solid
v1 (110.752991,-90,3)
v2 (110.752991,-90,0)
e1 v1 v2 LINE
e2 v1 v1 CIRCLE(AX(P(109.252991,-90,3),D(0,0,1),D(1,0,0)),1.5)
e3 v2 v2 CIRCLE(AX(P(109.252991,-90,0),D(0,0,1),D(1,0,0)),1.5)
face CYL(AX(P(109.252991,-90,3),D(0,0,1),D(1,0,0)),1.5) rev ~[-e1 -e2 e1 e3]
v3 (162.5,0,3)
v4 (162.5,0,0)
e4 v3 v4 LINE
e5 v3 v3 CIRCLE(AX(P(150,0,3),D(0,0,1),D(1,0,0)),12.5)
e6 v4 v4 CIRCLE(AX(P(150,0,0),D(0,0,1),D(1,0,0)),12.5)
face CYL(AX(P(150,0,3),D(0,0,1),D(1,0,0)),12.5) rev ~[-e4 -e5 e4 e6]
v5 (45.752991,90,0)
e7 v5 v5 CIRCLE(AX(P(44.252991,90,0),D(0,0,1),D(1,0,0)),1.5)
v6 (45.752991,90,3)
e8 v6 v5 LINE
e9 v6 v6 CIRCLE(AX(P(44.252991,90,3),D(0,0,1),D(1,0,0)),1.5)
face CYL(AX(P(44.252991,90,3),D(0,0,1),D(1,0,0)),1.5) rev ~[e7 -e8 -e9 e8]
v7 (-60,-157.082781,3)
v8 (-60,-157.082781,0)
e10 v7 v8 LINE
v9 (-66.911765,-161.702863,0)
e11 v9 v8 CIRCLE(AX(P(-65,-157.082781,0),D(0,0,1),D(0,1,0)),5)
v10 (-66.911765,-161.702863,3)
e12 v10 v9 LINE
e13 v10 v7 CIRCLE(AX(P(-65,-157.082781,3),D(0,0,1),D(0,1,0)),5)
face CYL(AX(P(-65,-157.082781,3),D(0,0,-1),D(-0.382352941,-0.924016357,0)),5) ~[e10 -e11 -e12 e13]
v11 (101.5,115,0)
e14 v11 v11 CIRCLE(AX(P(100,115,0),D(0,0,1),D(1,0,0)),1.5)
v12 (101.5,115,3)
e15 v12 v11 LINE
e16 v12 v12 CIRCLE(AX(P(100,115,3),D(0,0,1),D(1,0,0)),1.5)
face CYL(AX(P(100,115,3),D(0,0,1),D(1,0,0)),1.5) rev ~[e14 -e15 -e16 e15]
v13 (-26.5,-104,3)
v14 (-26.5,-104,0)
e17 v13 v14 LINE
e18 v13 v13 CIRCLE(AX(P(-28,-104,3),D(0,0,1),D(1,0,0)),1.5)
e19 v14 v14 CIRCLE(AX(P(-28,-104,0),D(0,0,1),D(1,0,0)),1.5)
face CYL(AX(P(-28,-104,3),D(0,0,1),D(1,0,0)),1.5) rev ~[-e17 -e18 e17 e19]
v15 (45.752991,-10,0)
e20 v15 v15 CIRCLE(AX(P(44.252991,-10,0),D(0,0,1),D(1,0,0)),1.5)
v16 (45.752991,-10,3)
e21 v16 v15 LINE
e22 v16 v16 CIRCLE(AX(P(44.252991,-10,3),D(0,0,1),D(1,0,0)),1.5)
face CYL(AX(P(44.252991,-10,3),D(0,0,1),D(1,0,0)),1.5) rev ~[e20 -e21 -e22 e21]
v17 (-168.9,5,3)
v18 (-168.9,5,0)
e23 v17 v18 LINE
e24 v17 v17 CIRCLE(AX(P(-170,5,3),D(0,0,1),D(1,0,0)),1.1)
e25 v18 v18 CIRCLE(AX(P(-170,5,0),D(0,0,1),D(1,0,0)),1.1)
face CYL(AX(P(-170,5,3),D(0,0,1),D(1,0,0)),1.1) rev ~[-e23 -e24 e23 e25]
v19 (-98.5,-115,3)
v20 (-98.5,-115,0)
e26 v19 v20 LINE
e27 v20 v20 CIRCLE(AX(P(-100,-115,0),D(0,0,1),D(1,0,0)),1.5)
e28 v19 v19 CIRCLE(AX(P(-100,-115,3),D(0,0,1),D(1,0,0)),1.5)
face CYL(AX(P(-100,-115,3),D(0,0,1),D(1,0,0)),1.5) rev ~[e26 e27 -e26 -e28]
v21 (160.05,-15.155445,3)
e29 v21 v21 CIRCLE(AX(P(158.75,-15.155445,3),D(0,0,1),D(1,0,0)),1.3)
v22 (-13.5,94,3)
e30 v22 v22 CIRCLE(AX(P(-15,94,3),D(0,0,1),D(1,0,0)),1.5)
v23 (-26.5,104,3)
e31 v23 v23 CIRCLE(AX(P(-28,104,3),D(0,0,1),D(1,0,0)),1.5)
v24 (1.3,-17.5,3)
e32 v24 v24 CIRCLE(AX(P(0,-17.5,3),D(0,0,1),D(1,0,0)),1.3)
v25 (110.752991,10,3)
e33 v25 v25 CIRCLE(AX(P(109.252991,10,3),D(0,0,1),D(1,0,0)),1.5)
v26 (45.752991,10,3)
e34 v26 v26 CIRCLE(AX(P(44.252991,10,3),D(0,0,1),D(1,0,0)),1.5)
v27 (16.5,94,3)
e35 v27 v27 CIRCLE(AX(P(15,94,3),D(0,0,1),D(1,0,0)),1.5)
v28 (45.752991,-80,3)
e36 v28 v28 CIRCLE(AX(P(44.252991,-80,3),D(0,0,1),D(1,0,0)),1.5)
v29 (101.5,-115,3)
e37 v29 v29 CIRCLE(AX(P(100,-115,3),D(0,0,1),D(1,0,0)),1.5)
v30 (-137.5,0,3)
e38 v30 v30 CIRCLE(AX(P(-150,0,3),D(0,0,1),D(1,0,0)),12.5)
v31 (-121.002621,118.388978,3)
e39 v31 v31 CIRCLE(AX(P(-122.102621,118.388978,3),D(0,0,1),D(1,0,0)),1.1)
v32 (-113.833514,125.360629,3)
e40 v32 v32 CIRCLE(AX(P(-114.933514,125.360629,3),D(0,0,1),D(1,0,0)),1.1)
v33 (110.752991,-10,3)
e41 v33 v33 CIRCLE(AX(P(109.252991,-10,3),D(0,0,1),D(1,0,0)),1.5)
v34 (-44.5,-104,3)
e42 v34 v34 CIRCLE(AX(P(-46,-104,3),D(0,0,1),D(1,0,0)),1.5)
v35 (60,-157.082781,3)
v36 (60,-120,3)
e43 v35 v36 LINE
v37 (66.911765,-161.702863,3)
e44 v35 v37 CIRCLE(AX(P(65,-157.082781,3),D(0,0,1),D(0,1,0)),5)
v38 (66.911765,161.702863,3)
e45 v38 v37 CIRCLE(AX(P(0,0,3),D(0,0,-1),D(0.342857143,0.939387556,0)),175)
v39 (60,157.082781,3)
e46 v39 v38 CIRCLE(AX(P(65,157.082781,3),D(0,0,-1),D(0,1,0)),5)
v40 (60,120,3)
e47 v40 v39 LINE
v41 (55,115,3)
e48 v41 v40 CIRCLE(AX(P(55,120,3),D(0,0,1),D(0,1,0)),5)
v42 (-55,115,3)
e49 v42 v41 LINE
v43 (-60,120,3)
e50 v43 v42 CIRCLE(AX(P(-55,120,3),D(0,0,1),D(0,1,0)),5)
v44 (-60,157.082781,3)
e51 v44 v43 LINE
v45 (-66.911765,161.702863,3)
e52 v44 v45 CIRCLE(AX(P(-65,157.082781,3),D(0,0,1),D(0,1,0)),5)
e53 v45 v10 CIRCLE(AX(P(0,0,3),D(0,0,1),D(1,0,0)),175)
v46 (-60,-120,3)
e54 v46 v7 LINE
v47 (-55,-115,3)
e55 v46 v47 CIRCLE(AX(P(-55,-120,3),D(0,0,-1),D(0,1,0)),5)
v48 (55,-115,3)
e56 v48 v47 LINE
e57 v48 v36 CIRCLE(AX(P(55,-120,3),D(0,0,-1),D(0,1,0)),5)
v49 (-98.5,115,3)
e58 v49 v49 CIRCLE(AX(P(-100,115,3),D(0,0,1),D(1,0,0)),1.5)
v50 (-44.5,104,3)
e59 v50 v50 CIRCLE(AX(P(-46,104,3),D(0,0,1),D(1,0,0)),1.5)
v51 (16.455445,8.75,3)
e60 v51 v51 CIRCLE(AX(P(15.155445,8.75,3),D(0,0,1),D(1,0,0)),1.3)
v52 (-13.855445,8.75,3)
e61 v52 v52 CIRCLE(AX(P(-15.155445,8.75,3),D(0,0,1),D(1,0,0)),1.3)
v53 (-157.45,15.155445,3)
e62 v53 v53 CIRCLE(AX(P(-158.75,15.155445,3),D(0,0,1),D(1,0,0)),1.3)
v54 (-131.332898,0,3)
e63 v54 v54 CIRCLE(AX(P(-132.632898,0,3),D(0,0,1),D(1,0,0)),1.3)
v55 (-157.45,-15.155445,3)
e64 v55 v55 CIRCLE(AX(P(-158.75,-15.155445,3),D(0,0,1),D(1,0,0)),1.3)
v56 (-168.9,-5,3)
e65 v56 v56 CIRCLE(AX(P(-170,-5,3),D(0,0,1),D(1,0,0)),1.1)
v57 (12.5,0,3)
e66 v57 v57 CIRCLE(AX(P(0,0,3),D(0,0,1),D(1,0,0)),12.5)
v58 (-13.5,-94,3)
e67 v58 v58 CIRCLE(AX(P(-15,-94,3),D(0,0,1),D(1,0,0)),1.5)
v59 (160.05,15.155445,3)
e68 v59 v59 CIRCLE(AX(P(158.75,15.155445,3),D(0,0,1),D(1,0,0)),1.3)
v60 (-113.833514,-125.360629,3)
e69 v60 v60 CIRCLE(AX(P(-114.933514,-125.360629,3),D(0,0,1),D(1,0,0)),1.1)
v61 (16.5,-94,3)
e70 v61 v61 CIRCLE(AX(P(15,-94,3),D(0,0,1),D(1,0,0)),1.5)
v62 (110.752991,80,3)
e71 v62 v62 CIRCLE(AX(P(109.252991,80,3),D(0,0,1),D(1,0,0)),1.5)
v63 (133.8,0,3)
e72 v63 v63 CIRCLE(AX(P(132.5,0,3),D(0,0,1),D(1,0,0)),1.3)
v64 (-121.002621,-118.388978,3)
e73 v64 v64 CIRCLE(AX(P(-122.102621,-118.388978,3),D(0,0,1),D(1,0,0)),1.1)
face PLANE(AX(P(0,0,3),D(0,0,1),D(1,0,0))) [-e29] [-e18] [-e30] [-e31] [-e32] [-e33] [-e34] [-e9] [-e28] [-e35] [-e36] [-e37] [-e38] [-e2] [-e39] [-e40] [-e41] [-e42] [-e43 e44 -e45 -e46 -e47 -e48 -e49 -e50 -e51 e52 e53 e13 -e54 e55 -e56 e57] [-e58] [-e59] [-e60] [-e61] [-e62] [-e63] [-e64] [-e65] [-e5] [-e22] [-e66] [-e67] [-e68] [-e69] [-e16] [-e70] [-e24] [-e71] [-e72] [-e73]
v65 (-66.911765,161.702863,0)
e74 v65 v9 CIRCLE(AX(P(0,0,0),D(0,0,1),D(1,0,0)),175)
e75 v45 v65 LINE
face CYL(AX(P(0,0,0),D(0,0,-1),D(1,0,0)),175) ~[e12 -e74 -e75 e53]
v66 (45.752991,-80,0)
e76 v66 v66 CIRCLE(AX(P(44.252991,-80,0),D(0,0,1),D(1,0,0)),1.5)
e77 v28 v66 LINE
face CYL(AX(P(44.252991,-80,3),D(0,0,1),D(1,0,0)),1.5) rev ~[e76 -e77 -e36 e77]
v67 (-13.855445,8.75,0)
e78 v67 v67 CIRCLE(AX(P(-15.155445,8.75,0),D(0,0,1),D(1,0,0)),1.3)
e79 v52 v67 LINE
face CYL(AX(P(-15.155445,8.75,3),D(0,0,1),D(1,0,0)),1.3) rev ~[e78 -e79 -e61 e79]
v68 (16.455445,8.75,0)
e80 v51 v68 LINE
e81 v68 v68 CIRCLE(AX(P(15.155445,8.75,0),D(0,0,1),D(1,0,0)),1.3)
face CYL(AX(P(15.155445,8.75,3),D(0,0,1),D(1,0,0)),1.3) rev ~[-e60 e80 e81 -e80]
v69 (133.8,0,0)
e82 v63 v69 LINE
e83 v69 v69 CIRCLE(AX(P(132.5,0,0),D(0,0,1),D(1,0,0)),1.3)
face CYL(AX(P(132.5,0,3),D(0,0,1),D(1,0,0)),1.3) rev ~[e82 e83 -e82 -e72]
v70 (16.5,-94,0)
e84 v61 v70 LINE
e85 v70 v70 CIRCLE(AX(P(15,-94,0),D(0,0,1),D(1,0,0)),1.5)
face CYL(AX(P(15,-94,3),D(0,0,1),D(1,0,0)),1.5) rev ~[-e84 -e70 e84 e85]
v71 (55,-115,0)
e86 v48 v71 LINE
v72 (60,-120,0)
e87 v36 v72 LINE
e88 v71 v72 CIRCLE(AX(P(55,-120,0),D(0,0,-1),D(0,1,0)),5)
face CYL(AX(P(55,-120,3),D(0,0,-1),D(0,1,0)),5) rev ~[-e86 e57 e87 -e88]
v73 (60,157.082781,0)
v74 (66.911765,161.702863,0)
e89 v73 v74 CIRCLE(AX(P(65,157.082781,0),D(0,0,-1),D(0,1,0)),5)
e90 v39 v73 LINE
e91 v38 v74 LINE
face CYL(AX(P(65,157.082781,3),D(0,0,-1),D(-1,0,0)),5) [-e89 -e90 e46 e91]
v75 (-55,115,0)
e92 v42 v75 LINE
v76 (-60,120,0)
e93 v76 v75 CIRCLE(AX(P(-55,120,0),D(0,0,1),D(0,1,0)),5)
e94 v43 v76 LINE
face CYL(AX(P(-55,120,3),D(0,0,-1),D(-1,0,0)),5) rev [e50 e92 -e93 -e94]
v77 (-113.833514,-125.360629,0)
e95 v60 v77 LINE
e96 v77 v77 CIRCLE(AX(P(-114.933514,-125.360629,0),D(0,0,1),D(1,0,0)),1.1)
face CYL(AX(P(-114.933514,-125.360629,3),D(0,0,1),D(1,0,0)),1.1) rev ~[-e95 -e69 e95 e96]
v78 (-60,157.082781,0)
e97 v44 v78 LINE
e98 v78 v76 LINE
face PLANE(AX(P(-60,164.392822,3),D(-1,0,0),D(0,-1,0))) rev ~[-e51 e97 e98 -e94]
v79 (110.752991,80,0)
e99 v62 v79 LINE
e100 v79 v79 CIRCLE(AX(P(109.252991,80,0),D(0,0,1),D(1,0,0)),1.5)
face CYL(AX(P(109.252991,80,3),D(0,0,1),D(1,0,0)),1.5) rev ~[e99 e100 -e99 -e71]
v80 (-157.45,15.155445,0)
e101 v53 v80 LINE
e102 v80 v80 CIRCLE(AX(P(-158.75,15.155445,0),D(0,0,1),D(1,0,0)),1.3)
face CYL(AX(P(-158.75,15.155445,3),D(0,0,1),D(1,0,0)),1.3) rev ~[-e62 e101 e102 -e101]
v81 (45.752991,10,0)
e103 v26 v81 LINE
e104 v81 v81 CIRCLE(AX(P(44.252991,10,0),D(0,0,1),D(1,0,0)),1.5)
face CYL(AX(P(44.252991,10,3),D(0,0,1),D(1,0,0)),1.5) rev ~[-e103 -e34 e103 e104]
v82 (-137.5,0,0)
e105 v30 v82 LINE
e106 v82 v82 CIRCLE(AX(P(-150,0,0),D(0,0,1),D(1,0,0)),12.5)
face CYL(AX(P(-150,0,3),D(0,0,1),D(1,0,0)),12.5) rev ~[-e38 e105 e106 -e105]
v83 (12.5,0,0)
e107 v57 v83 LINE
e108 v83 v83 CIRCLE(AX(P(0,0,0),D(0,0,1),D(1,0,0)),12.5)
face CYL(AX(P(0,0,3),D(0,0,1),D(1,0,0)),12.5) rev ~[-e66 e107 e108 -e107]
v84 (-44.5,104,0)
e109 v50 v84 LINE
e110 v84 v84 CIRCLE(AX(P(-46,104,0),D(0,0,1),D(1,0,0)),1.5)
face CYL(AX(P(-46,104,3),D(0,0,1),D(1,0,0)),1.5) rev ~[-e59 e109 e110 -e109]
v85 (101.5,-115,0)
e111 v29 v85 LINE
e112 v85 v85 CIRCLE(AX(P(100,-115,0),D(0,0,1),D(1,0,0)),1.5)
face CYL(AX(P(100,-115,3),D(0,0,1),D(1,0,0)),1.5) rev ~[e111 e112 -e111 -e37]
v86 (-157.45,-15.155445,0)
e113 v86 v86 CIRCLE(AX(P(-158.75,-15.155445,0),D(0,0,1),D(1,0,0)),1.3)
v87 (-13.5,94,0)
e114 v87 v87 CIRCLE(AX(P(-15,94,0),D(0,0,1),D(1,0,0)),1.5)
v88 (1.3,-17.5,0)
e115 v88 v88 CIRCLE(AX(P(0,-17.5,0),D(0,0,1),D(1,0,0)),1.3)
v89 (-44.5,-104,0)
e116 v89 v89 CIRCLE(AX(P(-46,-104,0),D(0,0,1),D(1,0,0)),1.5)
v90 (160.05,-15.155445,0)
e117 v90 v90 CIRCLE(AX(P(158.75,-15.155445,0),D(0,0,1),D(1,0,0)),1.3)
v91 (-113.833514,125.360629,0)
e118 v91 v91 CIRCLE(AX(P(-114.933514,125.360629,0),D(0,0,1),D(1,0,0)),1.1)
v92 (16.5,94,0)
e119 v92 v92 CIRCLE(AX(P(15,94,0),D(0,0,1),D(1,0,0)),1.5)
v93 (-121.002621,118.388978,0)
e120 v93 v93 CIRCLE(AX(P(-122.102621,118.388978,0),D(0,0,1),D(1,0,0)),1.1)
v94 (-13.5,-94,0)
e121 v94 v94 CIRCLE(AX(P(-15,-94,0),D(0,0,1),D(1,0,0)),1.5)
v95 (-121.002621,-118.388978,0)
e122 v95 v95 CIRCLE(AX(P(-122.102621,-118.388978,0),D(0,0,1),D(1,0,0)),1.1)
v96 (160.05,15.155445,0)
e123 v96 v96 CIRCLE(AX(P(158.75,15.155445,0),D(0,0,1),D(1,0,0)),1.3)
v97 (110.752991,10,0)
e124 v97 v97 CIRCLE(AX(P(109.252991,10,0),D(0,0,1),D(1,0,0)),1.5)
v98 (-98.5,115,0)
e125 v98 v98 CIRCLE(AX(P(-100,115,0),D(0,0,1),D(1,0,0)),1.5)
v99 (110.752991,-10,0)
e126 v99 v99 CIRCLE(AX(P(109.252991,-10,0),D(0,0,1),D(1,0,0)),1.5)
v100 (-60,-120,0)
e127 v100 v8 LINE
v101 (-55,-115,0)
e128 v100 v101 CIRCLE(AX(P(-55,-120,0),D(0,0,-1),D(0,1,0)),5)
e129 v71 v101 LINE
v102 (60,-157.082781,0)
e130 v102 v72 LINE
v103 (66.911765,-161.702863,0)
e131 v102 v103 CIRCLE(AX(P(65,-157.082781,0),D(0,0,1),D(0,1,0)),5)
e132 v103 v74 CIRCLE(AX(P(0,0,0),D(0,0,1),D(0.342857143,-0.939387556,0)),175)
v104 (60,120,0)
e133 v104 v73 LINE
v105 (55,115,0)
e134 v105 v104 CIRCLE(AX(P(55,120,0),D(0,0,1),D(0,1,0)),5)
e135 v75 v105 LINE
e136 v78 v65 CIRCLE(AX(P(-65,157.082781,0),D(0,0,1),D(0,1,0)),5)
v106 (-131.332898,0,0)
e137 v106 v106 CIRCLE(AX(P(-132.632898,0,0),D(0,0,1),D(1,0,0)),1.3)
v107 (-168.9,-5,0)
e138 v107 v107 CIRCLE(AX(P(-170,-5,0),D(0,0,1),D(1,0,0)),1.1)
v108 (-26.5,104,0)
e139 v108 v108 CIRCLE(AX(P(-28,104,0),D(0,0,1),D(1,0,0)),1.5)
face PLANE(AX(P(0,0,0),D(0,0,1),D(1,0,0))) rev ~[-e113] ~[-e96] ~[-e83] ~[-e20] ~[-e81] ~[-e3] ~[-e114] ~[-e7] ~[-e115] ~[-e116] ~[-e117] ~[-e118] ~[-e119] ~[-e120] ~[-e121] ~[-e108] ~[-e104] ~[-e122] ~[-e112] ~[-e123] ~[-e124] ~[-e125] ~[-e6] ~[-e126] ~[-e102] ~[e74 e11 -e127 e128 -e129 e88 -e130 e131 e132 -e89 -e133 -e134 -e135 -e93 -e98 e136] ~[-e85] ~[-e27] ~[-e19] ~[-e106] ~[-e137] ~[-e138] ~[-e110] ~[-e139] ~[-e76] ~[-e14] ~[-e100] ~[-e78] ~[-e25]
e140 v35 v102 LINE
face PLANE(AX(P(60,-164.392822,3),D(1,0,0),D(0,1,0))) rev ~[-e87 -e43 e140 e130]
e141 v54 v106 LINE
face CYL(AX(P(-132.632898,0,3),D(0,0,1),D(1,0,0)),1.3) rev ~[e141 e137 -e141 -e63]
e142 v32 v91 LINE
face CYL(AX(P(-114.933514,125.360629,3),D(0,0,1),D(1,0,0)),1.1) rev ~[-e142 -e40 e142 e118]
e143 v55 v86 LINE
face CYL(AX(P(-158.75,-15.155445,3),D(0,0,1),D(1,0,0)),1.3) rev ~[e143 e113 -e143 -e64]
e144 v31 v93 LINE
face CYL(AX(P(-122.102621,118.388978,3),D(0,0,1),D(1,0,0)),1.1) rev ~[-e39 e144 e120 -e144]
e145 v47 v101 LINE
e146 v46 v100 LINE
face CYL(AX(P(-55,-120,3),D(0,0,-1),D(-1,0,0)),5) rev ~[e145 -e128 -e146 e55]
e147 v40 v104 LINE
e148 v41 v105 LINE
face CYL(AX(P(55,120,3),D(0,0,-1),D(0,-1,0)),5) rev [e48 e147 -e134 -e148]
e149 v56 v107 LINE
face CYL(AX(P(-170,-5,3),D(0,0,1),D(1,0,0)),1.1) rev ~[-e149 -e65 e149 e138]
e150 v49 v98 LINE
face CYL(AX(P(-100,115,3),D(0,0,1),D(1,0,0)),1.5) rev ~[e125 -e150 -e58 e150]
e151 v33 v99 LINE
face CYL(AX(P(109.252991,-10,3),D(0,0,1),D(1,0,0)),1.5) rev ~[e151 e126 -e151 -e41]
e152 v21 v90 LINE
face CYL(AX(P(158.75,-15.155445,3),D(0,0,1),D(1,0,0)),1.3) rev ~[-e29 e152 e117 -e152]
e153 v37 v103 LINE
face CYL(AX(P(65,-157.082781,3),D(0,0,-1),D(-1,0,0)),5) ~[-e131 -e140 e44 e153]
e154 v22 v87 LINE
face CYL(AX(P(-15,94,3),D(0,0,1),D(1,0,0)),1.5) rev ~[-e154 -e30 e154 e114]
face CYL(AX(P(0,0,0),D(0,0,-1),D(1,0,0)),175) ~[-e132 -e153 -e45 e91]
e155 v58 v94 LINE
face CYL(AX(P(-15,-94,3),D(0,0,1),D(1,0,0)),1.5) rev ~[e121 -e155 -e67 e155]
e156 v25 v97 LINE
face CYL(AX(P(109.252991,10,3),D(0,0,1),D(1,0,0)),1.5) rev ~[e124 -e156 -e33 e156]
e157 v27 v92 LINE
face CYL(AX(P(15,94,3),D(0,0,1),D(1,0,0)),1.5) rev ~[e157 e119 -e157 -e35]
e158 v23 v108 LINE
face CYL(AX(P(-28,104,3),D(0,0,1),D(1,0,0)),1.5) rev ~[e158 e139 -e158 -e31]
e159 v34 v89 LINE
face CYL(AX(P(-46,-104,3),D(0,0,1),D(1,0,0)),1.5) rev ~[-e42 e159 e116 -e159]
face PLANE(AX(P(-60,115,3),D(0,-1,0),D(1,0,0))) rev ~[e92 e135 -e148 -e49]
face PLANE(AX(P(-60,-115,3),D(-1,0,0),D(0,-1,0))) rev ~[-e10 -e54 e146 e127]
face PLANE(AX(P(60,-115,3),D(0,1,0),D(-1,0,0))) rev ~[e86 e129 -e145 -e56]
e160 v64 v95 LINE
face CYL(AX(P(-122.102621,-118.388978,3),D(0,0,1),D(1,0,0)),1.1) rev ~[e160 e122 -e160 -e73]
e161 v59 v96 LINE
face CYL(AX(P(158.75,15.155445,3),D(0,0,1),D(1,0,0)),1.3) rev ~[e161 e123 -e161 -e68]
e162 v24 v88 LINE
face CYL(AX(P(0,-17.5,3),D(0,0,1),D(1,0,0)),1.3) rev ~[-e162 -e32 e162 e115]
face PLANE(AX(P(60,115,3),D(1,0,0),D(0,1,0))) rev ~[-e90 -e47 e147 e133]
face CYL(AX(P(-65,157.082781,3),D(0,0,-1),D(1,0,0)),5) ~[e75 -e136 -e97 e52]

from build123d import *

# Parameters (mm, degrees)
SKETCH_1_R           = 175
EXTRUDE_1_DEPTH      = 3
CUT_EXTRUDE_1_DEPTH  = 3
FILLET_1_R           = 5
FILLET_2_R           = 5
FILLET_3_R           = 5
SKETCH_5_R           = 1.5
CUT_EXTRUDE_4_DEPTH  = 3
SKETCH_10_R          = 12.5
SKETCH_10_R_2        = 1.3
CUT_EXTRUDE_13_DEPTH = 10
SKETCH_14_R          = 1.1
CUT_EXTRUDE_14_DEPTH = 10
SKETCH_12_R          = 1.5
CUT_EXTRUDE_17_DEPTH = 10
SKETCH_13_R          = 1.5
CUT_EXTRUDE_18_DEPTH = 5
SKETCH_15_R          = 1.5
CUT_EXTRUDE_19_DEPTH = 4


with BuildPart() as part:
    # ｽｹｯﾁ1 → ﾎﾞｽ - 押し出し1 (new body)
    with BuildSketch(Plane.XY):
        Circle(SKETCH_1_R)
    extrude(amount=EXTRUDE_1_DEPTH)

    # ｽｹｯﾁ2 → ｶｯﾄ - 押し出し1 (cut)
    with BuildSketch(Plane.XY.offset(3)):
        with BuildLine():
            Line((-60, 115), (0, 115))
            Line((0, 115), (0, 175))
            ThreePointArc((0, 175), (-30.465194158, 172.327803749), (-60, 164.392822228))
            Line((-60, 164.392822228), (-60, 115))
        make_face()
        with BuildLine():
            Line((0, 175), (0, 115))
            Line((0, 115), (60, 115))
            Line((60, 115), (60, 164.392822228))
            ThreePointArc((60, 164.392822228), (30.465194158, 172.327803749), (0, 175))
        make_face()
        with BuildLine():
            Line((0, -175), (0, -115))
            Line((0, -115), (-60, -115))
            Line((-60, -115), (-60, -164.392822228))
            ThreePointArc((-60, -164.392822228), (-30.465194158, -172.327803749), (0, -175))
        make_face()
        with BuildLine():
            Line((60, -115), (0, -115))
            Line((0, -115), (0, -175))
            ThreePointArc((0, -175), (30.465194158, -172.327803749), (60, -164.392822228))
            Line((60, -164.392822228), (60, -115))
        make_face()
    extrude(amount=-CUT_EXTRUDE_1_DEPTH, mode=Mode.SUBTRACT)

    # ﾌｨﾚｯﾄ1
    fillet_1_edges = [part.edges().sort_by_distance(p)[0] for p in [
        (-60, 164.392822228, 1.5),
    ]]
    fillet(fillet_1_edges, radius=FILLET_1_R)

    # ﾌｨﾚｯﾄ2
    fillet_2_edges = [part.edges().sort_by_distance(p)[0] for p in [
        (-60, 115, 1.5),
        (60, 164.392822228, 1.5),
        (60, 115, 1.5),
    ]]
    fillet(fillet_2_edges, radius=FILLET_2_R)

    # ﾌｨﾚｯﾄ3
    fillet_3_edges = [part.edges().sort_by_distance(p)[0] for p in [
        (-60, -115, 1.5),
        (60, -115, 1.5),
        (60, -164.392822228, 1.5),
        (-60, -164.392822228, 1.5),
    ]]
    fillet(fillet_3_edges, radius=FILLET_3_R)

    # ｽｹｯﾁ5 → ｶｯﾄ - 押し出し4 (cut)
    with BuildSketch(Plane.XY.offset(3)):
        with Locations((-100, -115)):
            Circle(SKETCH_5_R)
        with Locations((100, -115)):
            Circle(SKETCH_5_R)
        with Locations((100, 115)):
            Circle(SKETCH_5_R)
        with Locations((-100, 115)):
            Circle(SKETCH_5_R)
    extrude(amount=-CUT_EXTRUDE_4_DEPTH, mode=Mode.SUBTRACT)

    # ｽｹｯﾁ10 → ｶｯﾄ - 押し出し13 (cut)
    with BuildSketch(Plane.XY.offset(3)):
        with Locations((-150, 0)):
            Circle(SKETCH_10_R)
        with Locations((150, 0)):
            Circle(SKETCH_10_R)
        Circle(SKETCH_10_R)
        with Locations((132.5, 0)):
            Circle(SKETCH_10_R_2)
        with Locations((158.75, 15.155444566)):
            Circle(SKETCH_10_R_2)
        with Locations((158.75, -15.155444566)):
            Circle(SKETCH_10_R_2)
        with Locations((-15.155444566, 8.75)):
            Circle(SKETCH_10_R_2)
        with Locations((15.155444566, 8.75)):
            Circle(SKETCH_10_R_2)
        with Locations((0, -17.5)):
            Circle(SKETCH_10_R_2)
        with Locations((-158.75, 15.155444566)):
            Circle(SKETCH_10_R_2)
        with Locations((-158.75, -15.155444566)):
            Circle(SKETCH_10_R_2)
        with Locations((-132.632898389, 0)):
            Circle(SKETCH_10_R_2)
    extrude(amount=-CUT_EXTRUDE_13_DEPTH, mode=Mode.SUBTRACT)

    # ｽｹｯﾁ14 → ｶｯﾄ - 押し出し14 (cut)
    with BuildSketch(Plane.XY.offset(3)):
        with Locations((-170, 5)):
            Circle(SKETCH_14_R)
        with Locations((-170, -5)):
            Circle(SKETCH_14_R)
        with Locations((-114.933514447, 125.360628815)):
            Circle(SKETCH_14_R)
        with Locations((-122.102620524, 118.388977786)):
            Circle(SKETCH_14_R)
        with Locations((-122.102620524, -118.388977786)):
            Circle(SKETCH_14_R)
        with Locations((-114.933514447, -125.360628815)):
            Circle(SKETCH_14_R)
    extrude(amount=-CUT_EXTRUDE_14_DEPTH, mode=Mode.SUBTRACT)

    # ｽｹｯﾁ12 → ｶｯﾄ - 押し出し17 (cut)
    with BuildSketch(Plane.XY.offset(3)):
        with Locations((-15, 94)):
            Circle(SKETCH_12_R)
        with Locations((15, 94)):
            Circle(SKETCH_12_R)
        with Locations((-15, -94)):
            Circle(SKETCH_12_R)
        with Locations((15, -94)):
            Circle(SKETCH_12_R)
    extrude(amount=-CUT_EXTRUDE_17_DEPTH, mode=Mode.SUBTRACT)

    # ｽｹｯﾁ13 → ｶｯﾄ - 押し出し18 (cut)
    with BuildSketch(Plane.XY.offset(3)):
        with Locations((-28, -104)):
            Circle(SKETCH_13_R)
        with Locations((-46, -104)):
            Circle(SKETCH_13_R)
        with Locations((-46, 104)):
            Circle(SKETCH_13_R)
        with Locations((-28, 104)):
            Circle(SKETCH_13_R)
    extrude(amount=-CUT_EXTRUDE_18_DEPTH, mode=Mode.SUBTRACT)

    # ｽｹｯﾁ15 → ｶｯﾄ - 押し出し19 (cut, through all)
    with BuildSketch(Plane.XY.offset(3)):
        with Locations((44.252990552, 10)):
            Circle(SKETCH_15_R)
        with Locations((44.252990552, 90)):
            Circle(SKETCH_15_R)
        with Locations((109.252990552, 10)):
            Circle(SKETCH_15_R)
        with Locations((109.252990552, 80)):
            Circle(SKETCH_15_R)
        with Locations((44.252990552, -10)):
            Circle(SKETCH_15_R)
        with Locations((109.252990552, -10)):
            Circle(SKETCH_15_R)
        with Locations((44.252990552, -80)):
            Circle(SKETCH_15_R)
        with Locations((109.252990552, -90)):
            Circle(SKETCH_15_R)
    extrude(amount=-CUT_EXTRUDE_19_DEPTH, mode=Mode.SUBTRACT)


solid = part.part
